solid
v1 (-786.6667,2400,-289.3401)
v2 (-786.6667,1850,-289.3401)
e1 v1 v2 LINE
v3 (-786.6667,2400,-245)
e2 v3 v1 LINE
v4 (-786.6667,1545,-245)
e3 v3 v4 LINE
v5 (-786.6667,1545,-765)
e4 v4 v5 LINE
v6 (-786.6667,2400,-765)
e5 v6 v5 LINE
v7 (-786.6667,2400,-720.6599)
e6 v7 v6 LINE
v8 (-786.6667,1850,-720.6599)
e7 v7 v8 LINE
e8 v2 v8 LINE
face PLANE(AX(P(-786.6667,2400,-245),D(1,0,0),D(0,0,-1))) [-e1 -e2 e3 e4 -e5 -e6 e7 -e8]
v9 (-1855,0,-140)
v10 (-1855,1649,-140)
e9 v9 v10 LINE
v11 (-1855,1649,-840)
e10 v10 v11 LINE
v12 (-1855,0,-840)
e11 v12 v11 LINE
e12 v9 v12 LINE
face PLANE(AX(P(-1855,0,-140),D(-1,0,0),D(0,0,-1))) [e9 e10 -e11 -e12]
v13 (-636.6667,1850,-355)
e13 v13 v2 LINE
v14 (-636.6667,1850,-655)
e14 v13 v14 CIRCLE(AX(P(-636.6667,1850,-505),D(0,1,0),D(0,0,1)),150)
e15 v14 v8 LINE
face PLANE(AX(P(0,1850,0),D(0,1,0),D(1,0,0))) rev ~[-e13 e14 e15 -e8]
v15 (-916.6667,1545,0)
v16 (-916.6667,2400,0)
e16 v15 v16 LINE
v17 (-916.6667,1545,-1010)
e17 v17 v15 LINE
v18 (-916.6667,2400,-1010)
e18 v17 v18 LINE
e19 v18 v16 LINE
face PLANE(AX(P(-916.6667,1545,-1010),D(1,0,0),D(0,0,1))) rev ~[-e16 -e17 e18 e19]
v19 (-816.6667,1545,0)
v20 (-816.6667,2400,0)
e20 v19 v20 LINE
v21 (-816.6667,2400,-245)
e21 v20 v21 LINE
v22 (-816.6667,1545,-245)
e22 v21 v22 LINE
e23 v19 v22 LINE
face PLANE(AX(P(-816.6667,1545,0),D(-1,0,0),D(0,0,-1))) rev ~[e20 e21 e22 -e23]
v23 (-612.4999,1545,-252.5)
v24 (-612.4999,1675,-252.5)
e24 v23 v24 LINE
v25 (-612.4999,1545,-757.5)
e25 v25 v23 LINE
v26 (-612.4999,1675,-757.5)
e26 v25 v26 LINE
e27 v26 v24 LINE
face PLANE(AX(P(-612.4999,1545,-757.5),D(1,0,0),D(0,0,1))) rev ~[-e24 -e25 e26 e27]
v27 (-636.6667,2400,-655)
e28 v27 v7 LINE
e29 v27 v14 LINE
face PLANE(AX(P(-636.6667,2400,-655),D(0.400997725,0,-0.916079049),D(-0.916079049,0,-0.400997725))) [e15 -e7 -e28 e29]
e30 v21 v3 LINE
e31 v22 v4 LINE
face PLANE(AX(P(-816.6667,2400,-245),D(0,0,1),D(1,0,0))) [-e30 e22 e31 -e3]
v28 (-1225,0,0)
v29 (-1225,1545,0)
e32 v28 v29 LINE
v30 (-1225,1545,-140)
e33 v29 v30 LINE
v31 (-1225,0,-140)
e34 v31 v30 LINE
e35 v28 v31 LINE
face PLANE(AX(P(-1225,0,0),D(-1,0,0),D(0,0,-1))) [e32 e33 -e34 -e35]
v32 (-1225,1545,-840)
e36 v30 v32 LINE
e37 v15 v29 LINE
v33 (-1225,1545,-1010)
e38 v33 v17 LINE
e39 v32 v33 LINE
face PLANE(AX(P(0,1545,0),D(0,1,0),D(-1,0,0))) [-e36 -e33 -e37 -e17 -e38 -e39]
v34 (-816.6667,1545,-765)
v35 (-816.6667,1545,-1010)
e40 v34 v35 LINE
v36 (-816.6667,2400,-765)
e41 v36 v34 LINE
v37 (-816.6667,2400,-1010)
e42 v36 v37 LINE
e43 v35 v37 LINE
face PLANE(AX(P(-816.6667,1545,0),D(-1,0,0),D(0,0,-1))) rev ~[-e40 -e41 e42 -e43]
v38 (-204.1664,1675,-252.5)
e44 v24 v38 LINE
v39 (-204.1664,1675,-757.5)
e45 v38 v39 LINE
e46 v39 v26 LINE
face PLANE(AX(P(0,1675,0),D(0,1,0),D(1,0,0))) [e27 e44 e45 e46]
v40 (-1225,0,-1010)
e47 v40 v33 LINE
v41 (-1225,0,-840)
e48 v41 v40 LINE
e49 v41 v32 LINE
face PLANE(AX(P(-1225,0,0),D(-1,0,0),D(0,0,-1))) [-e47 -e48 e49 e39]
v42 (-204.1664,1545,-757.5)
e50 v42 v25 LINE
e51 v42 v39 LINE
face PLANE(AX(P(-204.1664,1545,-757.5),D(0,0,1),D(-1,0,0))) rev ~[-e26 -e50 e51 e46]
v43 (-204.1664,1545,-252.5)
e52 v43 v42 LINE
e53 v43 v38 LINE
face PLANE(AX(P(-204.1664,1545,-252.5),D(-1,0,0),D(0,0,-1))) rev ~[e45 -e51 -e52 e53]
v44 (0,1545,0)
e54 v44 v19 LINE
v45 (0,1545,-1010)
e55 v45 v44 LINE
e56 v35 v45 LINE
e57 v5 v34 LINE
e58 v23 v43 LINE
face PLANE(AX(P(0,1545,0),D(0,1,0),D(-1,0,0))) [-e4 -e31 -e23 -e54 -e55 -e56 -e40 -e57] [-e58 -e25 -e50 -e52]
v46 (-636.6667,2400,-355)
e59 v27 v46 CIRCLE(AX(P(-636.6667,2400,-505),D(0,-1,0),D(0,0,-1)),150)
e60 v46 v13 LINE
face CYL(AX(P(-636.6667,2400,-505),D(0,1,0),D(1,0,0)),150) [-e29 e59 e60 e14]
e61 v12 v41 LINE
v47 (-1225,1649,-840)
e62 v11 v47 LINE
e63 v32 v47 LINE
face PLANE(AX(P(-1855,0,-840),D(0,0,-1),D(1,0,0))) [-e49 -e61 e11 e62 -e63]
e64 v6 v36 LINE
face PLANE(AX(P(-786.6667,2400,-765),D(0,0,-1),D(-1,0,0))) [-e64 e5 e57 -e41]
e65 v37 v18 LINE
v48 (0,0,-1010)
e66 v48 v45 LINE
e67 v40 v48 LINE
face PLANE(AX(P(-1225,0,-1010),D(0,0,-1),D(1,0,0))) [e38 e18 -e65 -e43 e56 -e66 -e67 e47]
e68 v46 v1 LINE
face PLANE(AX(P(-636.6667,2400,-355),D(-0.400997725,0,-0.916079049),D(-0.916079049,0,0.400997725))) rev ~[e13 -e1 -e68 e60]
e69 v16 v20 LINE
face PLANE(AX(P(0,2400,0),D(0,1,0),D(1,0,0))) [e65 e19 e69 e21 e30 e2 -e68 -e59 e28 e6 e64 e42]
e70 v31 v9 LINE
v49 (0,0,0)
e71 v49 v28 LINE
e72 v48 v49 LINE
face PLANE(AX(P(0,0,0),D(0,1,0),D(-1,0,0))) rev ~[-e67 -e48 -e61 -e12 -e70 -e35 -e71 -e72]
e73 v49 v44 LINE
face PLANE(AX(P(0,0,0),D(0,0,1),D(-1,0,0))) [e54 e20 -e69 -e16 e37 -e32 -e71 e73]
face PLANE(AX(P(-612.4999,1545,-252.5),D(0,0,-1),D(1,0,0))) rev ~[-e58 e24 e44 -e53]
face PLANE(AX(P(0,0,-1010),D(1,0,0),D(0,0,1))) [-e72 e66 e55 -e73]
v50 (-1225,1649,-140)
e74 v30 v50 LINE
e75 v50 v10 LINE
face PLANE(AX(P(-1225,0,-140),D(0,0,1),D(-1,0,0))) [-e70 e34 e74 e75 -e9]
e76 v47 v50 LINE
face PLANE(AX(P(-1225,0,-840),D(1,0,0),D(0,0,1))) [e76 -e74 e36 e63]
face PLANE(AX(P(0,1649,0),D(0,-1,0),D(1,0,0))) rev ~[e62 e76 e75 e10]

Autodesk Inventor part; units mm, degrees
ref_plane "YZ Plane" through (0, 0, 0) normal (1, 0, 0) x (0, 1, 0)
ref_plane "XZ Plane" through (0, 0, 0) normal (0, 1, 0) x (-1, 0, 0)
ref_plane "XY Plane" through (0, 0, 0) normal (0, 0, 1) x (1, 0, 0)
sketch "Boceto1" plane through (0, 0, 0) normal (0, 1, 0) x (-1, 0, 0)
  line L0 (0, 0) -> (1225, 0)
  line L1 (1225, 0) -> (1225, -1010)
  line L2 (1225, -1010) -> (0, -1010)
  line L3 (0, -1010) -> (0, 0)
  dimension "d0" = 1225
  dimension "d1" = 1010
extrude "Extrusión1" add sketch "Boceto1" along normal blind 1545
sketch "Boceto2" plane through (0, 0, 0) normal (0, -1, 0) x (1, 0, 0)
  line L0 (0, 0) -> (0, -1010) construction
  line L1 (-1225, 0) -> (0, 0) construction
  line L2 (-1225, -1010) -> (-1225, 0) construction
  line L3 (0, -1010) -> (-1225, -1010) construction
  line L4 (-1225, -1010) -> (-1225, 0) construction
  line L5 (-1225, 0) -> (-1225, -140) construction
  line L6 (-1225, -140) -> (-1855, -140)
  line L7 (-1855, -140) -> (-1855, -840)
  line L8 (-1855, -840) -> (-1225, -840)
  line L9 (-1225, -840) -> (-1225, -140)
  dimension "d4" = 140
  dimension "d5" = 630
  dimension "d6" = 700
extrude "Extrusión2" add sketch "Boceto2" against normal blind 1649
sketch "Boceto3" plane through (0, 1545, 0) normal (0, 1, 0) x (1, 0, 0)
  line L0 (0, 0) -> (0, 1010) construction
  line L1 (0, 1010) -> (-1225, 1010) construction
  line L2 (-1225, 1010) -> (-1225, 840) construction
  line L3 (-1225, 840) -> (-1225, 140) construction
  line L4 (-1225, 140) -> (-1225, 0) construction
  line L5 (-1225, 0) -> (0, 0) construction
  line L6 (0, 1010) -> (-1225, 1010) construction
  line L7 (-1225, 1010) -> (-816.6667, 1010) construction
  line L8 (-1225, 0) -> (0, 0) projected
  line L9 (-816.6667, 1010) -> (-916.6667, 1010)
  line L10 (-916.6667, 1010) -> (-916.6667, 0)
  line L11 (-916.6667, 0) -> (-816.6667, 0)
  line L12 (-816.6667, 0) -> (-816.6667, 1010)
  point P0 (-816.6667, 0)
  dimension "d9" = 408.3333
  dimension "d10" = 100
extrude "Extrusión3" add sketch "Boceto3" along normal blind 855
sketch "Boceto4" plane through (0, 2400, 0) normal (0, 1, 0) x (1, 0, 0)
  line L0 (-916.6667, 0) -> (-816.6667, 0) construction
  line L1 (-816.6667, 0) -> (-816.6667, 1010) construction
  line L2 (-816.6667, 1010) -> (-916.6667, 1010) construction
  line L3 (-916.6667, 1010) -> (-916.6667, 0) construction
  line L4 (-916.6667, 1010) -> (-916.6667, 0) construction
  line L5 (-916.6667, 505) -> (-816.6667, 505) construction
  line L6 (-816.6667, 0) -> (-816.6667, 1010) construction
  line L7 (-816.6667, 505) -> (-816.6667, 245) construction
  line L8 (-816.6667, 245) -> (-786.6667, 245)
  line L9 (-786.6667, 245) -> (-786.6667, 765)
  line L10 (-786.6667, 765) -> (-816.6667, 765)
  line L11 (-816.6667, 765) -> (-816.6667, 245)
  point P0 (0, 0)
  dimension "d14" = 260
  dimension "d15" = 30
  dimension "d16" = 520
extrude "Extrusión4" add sketch "Boceto4" against normal blind 855
sketch "Boceto5" plane through (0, 2400, 0) normal (0, 1, 0) x (1, 0, 0)
  line L0 (-916.6667, 1010) -> (-916.6667, 0) construction
  line L1 (-916.6667, 1010) -> (-916.6667, 0) construction
  line L2 (-916.6667, 0) -> (-816.6667, 0) construction
  line L3 (-816.6667, 0) -> (-816.6667, 245) construction
  line L4 (-816.6667, 245) -> (-786.6667, 245) construction
  line L5 (-786.6667, 245) -> (-786.6667, 765) construction
  line L6 (-786.6667, 765) -> (-816.6667, 765) construction
  line L7 (-816.6667, 765) -> (-816.6667, 1010) construction
  line L8 (-816.6667, 1010) -> (-916.6667, 1010) construction
  line L9 (-916.6667, 505) -> (-786.6667, 505) construction
  line L10 (-786.6667, 505) -> (-486.6667, 505) construction
  circle A0 centre (-636.6667, 505) radius 150
  line L11 (-786.6667, 765) -> (-786.6667, 245) construction
  line L12 (-548.6024, 383.5723) -> (-724.731, 383.5723) construction
  line L13 (-724.731, 383.5723) -> (-724.731, 626.4277) construction
  line L14 (-724.731, 626.4277) -> (-548.6024, 626.4277) construction
  line L15 (-548.6024, 626.4277) -> (-548.6024, 383.5723) construction
  line L16 (-786.6667, 289.3401) -> (-786.6667, 720.6599)
  line L17 (-636.6667, 355) -> (-786.6667, 289.3401)
  line L18 (-636.6667, 655) -> (-786.6667, 720.6599)
  point P0 (0, 0)
  dimension "d19" = 300
extrude "Extrusión5" add sketch "Boceto5" against normal blind 550
sketch "Boceto6" plane through (0, 1545, 0) normal (0, 1, 0) x (1, 0, 0)
  line L0 (-786.6667, 245) -> (-816.6667, 245) construction
  line L1 (-816.6667, 245) -> (-816.6667, 0) construction
  line L2 (-816.6667, 0) -> (0, 0) construction
  line L3 (0, 0) -> (0, 1010) construction
  line L4 (0, 1010) -> (-816.6667, 1010) construction
  line L5 (-816.6667, 1010) -> (-816.6667, 765) construction
  line L6 (-816.6667, 765) -> (-786.6667, 765) construction
  line L7 (-786.6667, 765) -> (-786.6667, 245) construction
  line L8 (-816.6667, 0) -> (0, 0) construction
  line L9 (-816.6667, 0) -> (-612.4999, 0) construction
  line L10 (-816.6667, 252.5) -> (-816.6667, 0) construction
  line L11 (-204.1664, 757.5) -> (0.0003, 757.5) construction
  line L12 (0.0003, 757.5) -> (0.0003, 1010) construction
  line L13 (0.0003, 1010) -> (-204.1664, 1010) construction
  line L14 (-204.1664, 1010) -> (-204.1664, 757.5) construction
  line L15 (-816.6667, 0) -> (-612.4999, 0) construction
  line L16 (-612.4999, 0) -> (-612.4999, 252.5) construction
  line L17 (-612.4999, 252.5) -> (-816.6667, 252.5) construction
  line L18 (-816.6667, 252.5) -> (-816.6667, 0) construction
  line L19 (-612.4999, 252.5) -> (-204.1664, 252.5)
  line L20 (-204.1664, 252.5) -> (-204.1664, 757.5)
  line L21 (-204.1664, 757.5) -> (-612.4999, 757.5)
  line L22 (-612.4999, 757.5) -> (-612.4999, 252.5)
  dimension "d26" = 204.1668
  dimension "d27" = 252.5
  dimension "d28" = 204.1668
  dimension "d29" = 252.5
extrude "Extrusión6" add sketch "Boceto6" along normal blind 130
sketch "Boceto7" plane through (0, 1675, 0) normal (0, 1, 0) x (1, 0, 0)
  line L0 (-204.1664, 757.5) -> (-612.4999, 757.5) construction
  line L1 (-612.4999, 757.5) -> (-612.4999, 252.5) construction
  line L2 (-612.4999, 252.5) -> (-204.1664, 252.5) construction
  line L3 (-204.1664, 252.5) -> (-204.1664, 757.5) construction
  circle A0 centre (-408.3332, 505) radius 30
  line L4 (0.369, 1326.8253) -> (-977.0627, -418.0608) projected
  line L5 (40.9134, 1306.9835) -> (-936.5183, -437.9025) projected
  point P0 (0, 0)
  dimension "d32" = 60
properties part number "multiejes"
